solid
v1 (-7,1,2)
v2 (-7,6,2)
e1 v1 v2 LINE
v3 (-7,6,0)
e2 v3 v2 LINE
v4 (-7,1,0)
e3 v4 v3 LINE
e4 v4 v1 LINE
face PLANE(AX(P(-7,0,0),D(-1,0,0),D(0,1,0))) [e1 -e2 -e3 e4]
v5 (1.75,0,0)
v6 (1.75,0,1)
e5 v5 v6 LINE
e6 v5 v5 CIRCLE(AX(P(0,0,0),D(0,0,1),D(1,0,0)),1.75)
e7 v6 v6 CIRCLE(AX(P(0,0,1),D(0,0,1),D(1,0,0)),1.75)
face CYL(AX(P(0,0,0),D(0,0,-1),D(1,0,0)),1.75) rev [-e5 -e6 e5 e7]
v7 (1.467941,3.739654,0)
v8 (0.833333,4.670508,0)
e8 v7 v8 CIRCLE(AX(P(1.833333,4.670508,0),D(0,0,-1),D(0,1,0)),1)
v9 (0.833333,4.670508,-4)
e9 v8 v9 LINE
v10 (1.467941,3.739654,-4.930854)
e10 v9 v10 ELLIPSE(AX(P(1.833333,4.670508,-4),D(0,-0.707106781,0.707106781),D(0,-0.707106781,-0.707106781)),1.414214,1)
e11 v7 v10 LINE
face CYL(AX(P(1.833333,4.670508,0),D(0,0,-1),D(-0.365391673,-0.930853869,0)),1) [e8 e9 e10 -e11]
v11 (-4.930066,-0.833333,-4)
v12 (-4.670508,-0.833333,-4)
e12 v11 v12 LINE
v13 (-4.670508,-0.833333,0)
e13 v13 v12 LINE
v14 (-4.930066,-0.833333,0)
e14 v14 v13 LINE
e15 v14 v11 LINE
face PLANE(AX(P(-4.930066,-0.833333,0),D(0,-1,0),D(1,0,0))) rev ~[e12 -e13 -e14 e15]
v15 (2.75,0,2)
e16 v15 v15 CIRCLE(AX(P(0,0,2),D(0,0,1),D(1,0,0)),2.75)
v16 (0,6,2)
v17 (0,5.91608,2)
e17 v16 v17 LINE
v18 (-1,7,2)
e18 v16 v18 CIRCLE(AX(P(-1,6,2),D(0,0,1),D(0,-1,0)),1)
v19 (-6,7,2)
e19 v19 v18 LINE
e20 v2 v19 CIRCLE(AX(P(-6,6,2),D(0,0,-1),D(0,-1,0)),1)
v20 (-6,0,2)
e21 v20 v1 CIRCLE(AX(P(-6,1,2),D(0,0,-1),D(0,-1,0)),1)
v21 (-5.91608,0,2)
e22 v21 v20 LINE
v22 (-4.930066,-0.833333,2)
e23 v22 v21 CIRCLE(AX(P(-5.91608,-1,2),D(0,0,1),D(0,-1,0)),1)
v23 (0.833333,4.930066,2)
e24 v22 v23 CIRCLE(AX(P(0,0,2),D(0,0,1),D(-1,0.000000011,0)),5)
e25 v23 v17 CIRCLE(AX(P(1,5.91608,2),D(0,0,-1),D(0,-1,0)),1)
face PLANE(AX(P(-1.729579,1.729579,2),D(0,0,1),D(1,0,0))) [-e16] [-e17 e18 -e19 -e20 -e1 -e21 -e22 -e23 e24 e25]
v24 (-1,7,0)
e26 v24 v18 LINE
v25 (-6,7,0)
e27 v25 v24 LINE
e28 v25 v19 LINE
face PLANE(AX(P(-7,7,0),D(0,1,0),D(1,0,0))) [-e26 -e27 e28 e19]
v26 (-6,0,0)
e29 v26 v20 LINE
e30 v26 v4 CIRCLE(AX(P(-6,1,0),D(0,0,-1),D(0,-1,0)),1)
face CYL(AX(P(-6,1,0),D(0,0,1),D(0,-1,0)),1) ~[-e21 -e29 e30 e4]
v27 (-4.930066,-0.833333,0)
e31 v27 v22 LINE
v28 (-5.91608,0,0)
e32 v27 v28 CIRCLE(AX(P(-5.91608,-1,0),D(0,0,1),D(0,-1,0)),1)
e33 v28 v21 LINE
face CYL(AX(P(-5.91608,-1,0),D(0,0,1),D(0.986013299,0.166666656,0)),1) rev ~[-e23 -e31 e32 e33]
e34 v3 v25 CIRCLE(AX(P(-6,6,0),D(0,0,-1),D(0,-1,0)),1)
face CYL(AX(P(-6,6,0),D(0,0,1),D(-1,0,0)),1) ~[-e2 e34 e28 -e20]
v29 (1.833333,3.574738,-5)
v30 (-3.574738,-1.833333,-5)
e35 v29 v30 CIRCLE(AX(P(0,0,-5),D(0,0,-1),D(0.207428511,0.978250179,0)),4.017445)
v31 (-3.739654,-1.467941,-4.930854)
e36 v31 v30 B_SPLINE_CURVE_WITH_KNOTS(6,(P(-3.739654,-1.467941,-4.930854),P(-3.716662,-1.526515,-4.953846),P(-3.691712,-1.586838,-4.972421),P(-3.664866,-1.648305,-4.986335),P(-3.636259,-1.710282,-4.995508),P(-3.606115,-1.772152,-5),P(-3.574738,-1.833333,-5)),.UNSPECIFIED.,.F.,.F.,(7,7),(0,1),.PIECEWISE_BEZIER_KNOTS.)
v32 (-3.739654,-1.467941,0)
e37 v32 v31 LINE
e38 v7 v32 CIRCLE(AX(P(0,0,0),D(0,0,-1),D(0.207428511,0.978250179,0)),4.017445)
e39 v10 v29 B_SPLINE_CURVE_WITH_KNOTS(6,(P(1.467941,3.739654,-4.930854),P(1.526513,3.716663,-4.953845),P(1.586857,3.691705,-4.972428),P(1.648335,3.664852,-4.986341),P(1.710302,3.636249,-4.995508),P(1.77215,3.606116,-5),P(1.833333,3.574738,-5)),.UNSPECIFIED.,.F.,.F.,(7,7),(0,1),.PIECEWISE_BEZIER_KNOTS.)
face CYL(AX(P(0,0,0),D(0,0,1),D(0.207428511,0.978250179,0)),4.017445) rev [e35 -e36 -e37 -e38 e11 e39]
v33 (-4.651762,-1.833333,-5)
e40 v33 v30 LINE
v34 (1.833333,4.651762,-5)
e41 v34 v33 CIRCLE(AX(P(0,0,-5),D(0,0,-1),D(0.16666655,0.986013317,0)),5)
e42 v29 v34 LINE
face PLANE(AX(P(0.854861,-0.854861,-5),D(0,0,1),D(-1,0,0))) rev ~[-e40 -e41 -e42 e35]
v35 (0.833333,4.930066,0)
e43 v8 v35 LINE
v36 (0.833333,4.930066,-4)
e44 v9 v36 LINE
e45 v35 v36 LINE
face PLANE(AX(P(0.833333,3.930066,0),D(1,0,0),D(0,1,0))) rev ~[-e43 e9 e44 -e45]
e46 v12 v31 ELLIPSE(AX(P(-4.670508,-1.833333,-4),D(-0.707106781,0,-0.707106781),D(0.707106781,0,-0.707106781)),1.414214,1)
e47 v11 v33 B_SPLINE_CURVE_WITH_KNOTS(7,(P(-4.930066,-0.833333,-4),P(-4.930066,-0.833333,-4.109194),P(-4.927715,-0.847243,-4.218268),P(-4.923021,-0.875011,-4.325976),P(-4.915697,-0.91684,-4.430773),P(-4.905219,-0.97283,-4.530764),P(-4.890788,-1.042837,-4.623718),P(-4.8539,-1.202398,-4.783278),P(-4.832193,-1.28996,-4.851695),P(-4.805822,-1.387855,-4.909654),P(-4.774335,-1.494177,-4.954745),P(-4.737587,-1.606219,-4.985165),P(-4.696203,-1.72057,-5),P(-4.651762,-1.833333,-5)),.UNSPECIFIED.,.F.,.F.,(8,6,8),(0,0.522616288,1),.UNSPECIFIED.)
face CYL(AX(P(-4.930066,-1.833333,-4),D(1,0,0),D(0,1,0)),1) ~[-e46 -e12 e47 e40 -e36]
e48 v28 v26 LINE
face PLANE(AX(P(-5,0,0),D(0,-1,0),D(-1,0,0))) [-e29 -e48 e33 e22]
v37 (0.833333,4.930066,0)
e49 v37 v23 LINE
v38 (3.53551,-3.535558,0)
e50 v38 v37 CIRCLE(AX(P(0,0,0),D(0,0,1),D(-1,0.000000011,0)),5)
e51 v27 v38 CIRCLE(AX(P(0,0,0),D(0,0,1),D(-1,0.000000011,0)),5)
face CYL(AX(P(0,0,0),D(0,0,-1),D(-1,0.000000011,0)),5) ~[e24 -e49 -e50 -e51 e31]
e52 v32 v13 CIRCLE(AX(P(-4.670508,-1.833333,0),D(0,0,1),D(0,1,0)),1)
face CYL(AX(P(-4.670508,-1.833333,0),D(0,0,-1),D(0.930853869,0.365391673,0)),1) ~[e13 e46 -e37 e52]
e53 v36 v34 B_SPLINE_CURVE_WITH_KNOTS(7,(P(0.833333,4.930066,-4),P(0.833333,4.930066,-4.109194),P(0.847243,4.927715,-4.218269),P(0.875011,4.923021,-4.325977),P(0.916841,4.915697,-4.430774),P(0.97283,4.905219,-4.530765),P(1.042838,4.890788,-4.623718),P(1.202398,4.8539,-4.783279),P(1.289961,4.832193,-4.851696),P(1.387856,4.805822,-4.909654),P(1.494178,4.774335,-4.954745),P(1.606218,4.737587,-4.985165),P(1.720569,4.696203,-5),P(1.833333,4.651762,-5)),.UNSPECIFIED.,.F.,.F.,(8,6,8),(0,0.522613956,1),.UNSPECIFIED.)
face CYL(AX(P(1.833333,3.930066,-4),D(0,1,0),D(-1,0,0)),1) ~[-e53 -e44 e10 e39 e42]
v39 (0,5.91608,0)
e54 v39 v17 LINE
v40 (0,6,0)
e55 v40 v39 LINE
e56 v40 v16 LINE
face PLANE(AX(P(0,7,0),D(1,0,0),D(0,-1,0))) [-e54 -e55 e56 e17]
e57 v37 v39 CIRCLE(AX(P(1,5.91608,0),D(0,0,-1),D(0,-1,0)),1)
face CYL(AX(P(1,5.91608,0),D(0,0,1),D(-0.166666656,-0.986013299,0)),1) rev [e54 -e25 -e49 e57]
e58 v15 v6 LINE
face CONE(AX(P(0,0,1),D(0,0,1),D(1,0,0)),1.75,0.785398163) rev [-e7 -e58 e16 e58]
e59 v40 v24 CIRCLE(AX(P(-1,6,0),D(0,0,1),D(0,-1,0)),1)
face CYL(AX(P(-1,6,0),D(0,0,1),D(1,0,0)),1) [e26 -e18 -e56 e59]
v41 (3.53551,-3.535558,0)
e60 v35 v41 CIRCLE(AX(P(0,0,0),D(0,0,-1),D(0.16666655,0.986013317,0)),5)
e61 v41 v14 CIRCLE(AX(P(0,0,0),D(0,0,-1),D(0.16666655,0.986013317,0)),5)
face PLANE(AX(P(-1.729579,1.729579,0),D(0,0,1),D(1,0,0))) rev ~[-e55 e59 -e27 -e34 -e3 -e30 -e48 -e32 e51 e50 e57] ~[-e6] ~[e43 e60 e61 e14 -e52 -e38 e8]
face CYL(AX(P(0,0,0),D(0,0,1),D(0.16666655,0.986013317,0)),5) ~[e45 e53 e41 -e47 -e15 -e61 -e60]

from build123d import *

# Parameters (mm, degrees)
SKETCH_R     = 1.75
PAD_DEPTH    = 2
FILLET_R     = 1
CHAMFER_SIZE = 1
PAD001_DEPTH = 5
FILLET001_R  = 1


with BuildPart() as part:
    # Sketch → Pad (new body)
    with BuildSketch(Plane.XY):
        with BuildLine():
            ThreePointArc((-5, 0), (3.535534, -3.535534), (0, 5))
            Line((0, 7), (0, 5))
            Line((-7, 7), (0, 7))
            Line((-7, 0), (-7, 7))
            Line((-5, 0), (-7, 0))
        make_face()
        Circle(SKETCH_R, mode=Mode.SUBTRACT)
    extrude(amount=PAD_DEPTH)

    # Fillet
    fillet_edges = [part.edges().sort_by_distance(p)[0] for p in [
        (-7, 0, 1),
        (-7, 7, 1),
        (0, 7, 1),
        (0, 5, 1),
        (-5, 0, 1),
    ]]
    fillet(fillet_edges, radius=FILLET_R)

    # Chamfer
    chamfer_edges = [part.edges().sort_by_distance(p)[0] for p in [
        (-1.75, 0, 2),
    ]]
    chamfer(chamfer_edges, length=CHAMFER_SIZE)

    # Sketch001 (on Face14 of Chamfer) → Pad001 (join)
    with BuildSketch(Plane(origin=(0, 0, 0), x_dir=(1, 0, 0), z_dir=(0, 0, -1))):
        with BuildLine():
            ThreePointArc((0.833333, -3.930066), (2.840763, 2.840763), (-3.930066, 0.833333))
            Line((-4.930066, 0.833333), (-3.930066, 0.833333))
            ThreePointArc((0.833333, -4.930066), (3.535534, 3.535534), (-4.930066, 0.833333))
            Line((0.833333, -3.930066), (0.833333, -4.930066))
        make_face()
    extrude(amount=PAD001_DEPTH)

    # Fillet001
    fillet001_edges = [part.edges().sort_by_distance(p)[0] for p in [
        (-4.430066, -0.833333, -5),
        (0.833333, 4.430066, -5),
        (0.833333, 3.930066, -2.5),
        (-3.930066, -0.833333, -2.5),
    ]]
    fillet(fillet001_edges, radius=FILLET001_R)


solid = part.part
